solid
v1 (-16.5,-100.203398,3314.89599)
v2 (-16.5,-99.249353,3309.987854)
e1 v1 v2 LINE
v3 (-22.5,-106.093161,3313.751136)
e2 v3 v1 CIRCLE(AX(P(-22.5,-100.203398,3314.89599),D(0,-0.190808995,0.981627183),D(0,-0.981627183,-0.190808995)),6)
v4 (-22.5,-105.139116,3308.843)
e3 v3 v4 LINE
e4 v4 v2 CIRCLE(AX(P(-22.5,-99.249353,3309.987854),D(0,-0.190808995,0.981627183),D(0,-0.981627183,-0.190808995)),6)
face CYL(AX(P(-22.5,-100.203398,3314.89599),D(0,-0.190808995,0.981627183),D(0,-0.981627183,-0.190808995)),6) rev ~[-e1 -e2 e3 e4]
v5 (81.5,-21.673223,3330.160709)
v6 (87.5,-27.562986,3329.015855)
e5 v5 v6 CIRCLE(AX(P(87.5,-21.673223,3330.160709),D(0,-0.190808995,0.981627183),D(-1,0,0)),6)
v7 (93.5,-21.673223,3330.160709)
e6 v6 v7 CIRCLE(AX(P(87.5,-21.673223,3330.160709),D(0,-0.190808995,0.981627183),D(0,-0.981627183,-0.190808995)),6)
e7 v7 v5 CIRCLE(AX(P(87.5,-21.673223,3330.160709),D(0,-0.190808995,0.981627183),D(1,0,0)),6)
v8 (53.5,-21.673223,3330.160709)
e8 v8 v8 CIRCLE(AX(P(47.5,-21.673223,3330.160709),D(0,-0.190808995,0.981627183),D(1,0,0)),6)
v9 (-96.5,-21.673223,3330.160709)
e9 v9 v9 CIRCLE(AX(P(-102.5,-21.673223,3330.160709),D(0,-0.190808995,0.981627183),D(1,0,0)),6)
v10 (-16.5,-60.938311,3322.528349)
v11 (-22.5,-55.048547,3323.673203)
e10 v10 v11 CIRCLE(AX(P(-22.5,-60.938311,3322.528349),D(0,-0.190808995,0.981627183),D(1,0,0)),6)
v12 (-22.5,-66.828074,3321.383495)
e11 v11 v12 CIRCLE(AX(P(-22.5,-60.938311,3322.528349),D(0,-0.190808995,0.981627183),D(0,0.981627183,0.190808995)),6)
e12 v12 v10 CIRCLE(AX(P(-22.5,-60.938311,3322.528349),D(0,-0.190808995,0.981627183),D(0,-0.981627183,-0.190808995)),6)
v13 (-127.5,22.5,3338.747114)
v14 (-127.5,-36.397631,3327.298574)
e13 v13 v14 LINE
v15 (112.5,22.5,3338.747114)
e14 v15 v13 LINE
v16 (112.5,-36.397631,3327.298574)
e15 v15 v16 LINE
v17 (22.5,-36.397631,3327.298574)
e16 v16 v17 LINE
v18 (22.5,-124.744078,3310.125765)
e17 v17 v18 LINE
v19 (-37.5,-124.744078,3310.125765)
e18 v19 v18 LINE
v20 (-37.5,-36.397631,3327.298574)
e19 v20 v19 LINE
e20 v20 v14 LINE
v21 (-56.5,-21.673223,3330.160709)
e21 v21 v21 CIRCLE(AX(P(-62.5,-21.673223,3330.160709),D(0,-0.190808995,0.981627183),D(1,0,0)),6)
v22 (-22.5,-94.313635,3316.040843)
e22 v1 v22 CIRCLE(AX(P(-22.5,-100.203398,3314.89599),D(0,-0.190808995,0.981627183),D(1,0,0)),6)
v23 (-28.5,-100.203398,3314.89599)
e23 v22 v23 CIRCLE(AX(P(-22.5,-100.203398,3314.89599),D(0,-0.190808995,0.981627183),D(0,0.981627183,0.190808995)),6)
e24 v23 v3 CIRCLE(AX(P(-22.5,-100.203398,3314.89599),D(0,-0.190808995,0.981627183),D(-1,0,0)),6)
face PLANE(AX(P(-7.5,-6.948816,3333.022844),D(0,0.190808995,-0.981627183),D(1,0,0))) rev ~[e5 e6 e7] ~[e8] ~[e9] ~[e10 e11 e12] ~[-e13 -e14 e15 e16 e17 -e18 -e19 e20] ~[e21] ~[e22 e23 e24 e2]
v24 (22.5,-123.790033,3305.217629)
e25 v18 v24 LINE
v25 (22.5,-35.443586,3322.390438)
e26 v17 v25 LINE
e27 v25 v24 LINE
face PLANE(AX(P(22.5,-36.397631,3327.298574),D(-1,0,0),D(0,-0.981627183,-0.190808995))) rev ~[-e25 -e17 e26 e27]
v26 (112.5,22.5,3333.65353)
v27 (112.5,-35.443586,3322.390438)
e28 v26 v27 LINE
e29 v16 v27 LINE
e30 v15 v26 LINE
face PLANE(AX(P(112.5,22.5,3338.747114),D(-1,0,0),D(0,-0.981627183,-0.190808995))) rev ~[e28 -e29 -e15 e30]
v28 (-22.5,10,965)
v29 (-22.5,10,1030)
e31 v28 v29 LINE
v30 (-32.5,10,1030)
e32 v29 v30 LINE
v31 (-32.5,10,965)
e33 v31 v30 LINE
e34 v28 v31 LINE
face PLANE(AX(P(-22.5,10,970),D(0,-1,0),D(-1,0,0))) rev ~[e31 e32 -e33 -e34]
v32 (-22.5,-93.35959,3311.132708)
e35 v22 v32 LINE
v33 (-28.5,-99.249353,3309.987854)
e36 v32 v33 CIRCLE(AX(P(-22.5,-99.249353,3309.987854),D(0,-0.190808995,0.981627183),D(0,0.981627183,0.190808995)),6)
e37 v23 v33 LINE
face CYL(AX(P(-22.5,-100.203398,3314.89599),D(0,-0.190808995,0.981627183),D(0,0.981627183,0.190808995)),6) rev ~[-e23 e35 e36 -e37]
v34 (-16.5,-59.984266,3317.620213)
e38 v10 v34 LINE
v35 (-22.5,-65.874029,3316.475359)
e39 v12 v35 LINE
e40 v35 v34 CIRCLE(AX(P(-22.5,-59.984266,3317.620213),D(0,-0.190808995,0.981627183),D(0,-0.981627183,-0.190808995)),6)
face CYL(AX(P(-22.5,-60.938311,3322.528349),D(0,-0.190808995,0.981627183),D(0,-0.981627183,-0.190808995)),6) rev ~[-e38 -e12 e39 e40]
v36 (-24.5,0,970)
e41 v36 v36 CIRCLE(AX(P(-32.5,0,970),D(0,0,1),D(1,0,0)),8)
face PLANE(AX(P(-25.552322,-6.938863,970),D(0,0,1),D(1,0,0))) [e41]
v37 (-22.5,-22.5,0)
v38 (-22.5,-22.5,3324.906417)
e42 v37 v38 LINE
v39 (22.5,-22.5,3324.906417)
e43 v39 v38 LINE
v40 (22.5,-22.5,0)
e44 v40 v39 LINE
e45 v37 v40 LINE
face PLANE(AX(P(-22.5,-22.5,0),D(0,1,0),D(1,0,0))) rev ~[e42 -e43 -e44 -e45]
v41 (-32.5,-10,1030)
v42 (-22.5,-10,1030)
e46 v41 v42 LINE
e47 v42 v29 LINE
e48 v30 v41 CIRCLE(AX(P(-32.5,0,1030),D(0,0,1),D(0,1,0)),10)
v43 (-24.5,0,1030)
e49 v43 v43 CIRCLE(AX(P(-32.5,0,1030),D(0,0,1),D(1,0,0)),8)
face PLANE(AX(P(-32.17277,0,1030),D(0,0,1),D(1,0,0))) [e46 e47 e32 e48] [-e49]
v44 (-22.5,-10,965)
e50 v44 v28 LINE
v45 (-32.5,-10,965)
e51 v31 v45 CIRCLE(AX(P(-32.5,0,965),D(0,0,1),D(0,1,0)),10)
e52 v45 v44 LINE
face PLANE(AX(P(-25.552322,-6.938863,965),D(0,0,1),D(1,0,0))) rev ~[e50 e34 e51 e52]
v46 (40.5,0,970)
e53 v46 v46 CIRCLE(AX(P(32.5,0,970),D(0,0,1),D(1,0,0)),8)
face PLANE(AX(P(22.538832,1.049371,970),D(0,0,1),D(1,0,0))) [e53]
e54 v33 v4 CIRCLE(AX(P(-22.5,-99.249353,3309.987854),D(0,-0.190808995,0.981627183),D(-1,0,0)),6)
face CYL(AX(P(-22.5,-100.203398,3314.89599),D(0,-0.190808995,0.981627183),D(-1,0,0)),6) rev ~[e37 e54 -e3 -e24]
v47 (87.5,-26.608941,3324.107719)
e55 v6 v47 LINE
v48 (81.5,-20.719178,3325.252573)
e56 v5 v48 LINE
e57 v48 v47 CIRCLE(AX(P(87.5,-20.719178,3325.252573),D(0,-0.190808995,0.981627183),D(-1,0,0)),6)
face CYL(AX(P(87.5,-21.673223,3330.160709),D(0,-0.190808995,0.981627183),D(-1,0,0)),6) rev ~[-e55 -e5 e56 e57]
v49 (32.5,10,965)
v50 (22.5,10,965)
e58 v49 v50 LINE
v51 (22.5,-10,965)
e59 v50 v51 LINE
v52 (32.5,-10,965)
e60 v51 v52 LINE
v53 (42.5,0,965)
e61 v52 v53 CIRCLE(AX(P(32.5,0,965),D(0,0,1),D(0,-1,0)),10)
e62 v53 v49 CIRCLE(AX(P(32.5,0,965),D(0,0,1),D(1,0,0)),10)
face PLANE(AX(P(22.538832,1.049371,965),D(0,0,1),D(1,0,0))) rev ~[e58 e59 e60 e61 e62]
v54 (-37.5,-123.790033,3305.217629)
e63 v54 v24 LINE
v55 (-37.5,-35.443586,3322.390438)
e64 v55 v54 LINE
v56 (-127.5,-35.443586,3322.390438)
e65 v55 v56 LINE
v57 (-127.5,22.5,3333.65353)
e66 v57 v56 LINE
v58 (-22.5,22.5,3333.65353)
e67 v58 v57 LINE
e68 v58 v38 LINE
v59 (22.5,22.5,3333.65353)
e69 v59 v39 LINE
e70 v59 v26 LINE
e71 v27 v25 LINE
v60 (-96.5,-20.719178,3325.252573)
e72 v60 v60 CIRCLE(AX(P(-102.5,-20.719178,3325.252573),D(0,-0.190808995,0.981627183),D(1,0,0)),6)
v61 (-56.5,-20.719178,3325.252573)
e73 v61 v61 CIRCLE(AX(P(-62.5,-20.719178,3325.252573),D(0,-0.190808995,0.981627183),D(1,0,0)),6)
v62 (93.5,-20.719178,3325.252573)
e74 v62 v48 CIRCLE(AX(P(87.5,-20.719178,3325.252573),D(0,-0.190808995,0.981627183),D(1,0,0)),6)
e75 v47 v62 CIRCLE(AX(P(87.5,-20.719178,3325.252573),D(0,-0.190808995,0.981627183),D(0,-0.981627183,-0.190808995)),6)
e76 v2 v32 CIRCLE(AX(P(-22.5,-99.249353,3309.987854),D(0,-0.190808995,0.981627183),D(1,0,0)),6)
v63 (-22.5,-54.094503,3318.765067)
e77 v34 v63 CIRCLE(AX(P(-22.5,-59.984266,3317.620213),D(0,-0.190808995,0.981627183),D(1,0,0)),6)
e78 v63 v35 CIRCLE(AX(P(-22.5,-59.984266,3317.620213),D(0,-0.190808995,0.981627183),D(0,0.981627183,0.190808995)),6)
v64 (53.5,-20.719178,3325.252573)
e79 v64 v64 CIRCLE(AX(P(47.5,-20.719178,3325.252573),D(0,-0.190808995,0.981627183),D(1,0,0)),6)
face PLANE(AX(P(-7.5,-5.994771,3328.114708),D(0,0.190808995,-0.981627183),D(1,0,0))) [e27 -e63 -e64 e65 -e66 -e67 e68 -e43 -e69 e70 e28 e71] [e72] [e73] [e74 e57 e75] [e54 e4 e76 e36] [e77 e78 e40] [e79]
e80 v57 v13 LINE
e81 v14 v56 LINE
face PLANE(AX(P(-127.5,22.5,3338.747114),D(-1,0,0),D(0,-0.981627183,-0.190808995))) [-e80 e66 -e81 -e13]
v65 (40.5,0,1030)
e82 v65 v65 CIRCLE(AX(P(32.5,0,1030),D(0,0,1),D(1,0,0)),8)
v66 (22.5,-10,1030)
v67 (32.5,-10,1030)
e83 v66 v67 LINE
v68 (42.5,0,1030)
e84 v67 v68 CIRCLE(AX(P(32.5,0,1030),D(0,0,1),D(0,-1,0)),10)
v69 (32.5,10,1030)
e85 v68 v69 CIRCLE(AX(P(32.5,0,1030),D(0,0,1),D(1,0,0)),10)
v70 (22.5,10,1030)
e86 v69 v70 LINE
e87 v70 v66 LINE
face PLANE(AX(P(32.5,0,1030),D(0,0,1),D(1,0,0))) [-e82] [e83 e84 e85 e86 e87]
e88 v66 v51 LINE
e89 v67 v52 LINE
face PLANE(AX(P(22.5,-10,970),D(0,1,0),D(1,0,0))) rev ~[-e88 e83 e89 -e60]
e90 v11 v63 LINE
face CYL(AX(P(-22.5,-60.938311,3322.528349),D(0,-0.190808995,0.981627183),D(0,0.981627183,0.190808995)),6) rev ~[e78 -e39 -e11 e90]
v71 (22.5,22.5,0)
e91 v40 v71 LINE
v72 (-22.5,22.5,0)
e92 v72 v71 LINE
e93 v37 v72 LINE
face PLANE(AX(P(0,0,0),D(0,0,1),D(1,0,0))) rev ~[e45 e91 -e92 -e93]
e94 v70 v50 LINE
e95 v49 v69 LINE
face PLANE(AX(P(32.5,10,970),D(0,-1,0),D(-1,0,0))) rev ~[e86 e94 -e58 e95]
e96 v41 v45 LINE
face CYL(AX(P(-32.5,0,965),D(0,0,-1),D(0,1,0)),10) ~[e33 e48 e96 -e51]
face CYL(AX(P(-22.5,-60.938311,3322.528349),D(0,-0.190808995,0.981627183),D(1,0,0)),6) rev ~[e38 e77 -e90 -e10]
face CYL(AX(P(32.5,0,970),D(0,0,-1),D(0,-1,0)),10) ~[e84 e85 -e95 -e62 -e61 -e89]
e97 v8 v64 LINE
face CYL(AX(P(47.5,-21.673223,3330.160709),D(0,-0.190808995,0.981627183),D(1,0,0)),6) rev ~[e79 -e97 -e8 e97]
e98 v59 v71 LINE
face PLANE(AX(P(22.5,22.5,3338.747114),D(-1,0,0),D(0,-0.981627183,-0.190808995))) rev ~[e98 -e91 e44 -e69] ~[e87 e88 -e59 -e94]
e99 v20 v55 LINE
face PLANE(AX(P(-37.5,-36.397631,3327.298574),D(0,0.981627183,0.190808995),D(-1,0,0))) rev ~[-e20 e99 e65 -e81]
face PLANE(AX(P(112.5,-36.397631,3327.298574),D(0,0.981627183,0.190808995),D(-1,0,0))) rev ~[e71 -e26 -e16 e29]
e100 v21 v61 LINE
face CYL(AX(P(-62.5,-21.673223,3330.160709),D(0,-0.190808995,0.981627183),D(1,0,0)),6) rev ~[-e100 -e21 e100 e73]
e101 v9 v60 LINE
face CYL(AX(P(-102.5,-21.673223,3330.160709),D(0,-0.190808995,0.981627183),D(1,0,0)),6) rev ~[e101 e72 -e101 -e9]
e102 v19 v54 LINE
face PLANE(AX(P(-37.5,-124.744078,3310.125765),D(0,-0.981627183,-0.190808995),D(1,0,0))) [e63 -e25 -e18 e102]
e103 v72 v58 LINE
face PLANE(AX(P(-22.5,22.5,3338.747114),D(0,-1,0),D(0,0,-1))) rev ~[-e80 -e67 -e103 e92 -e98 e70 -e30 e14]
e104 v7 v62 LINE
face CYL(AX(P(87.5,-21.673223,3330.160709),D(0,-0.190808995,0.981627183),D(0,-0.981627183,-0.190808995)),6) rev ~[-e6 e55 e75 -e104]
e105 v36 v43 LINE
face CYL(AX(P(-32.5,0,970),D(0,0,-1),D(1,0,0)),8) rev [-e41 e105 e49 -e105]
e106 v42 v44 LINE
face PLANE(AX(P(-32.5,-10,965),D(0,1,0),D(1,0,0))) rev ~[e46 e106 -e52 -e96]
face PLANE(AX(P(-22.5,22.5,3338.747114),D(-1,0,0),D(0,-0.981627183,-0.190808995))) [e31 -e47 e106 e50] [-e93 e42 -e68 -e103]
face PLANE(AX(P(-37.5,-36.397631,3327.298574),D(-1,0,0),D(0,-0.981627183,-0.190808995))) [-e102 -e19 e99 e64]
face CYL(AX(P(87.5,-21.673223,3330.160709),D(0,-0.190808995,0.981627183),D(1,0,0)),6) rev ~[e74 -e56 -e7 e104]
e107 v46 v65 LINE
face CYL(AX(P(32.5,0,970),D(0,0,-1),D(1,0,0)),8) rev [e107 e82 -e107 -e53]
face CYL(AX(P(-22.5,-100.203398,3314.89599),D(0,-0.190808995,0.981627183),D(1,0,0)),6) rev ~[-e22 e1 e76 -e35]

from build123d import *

# Parameters (mm, degrees)
F0_W      = 45
F0_H      = 45
F1_DEPTH  = 3330
F4_DEPTH  = 5
F5_R      = 8
F6_DEPTH  = 60
F9_W      = 45
F9_H      = 45.842251273
F10_DEPTH = 25
F11_W     = 60
F11_H     = 60
F11_W_2   = 90
F11_H_2   = 90
F12_DEPTH = 5
F13_R     = 6
F14_DEPTH = 25
F15_W     = 150
F15_H     = 4.7702248844
F16_DEPTH = 3358.6871623993
F18_DEPTH = 106.2


with BuildPart() as f1:
    # F0 (on Top) → F1 (new body)
    with BuildSketch(Plane.XY):
        Rectangle(F0_W, F0_H)
    extrude(amount=F1_DEPTH)

    # F3 (on offset) → F4 (join)
    with BuildSketch(Plane.XY.offset(965)):
        with BuildLine():
            Line((22.5, 2), (22.5, 0))
            ThreePointArc((22.5, 0), (22.5506384699, 1.0050896201), (22.7020410289, 2))
            Line((22.7020410289, 2), (22.5, 2))
        make_face()
        with BuildLine():
            ThreePointArc((22.7020410289, 2), (22.5506384699, 1.0050896201), (22.5, 0))
            Line((22.5, 0), (32.5, 0))
            Line((32.5, 0), (32.5, 2))
            Line((32.5, 2), (22.7020410289, 2))
        make_face()
        with BuildLine():
            Line((32.5, 0), (22.5, 0))
            ThreePointArc((22.5, 0), (22.5506384699, -1.0050896201), (22.7020410289, -2))
            Line((22.7020410289, -2), (32.5, -2))
            Line((32.5, -2), (32.5, 0))
        make_face()
        with BuildLine():
            ThreePointArc((22.7020410289, -2), (22.5506384699, -1.0050896201), (22.5, 0))
            Line((22.5, 0), (22.5, -2))
            Line((22.5, -2), (22.7020410289, -2))
        make_face()
        with BuildLine():
            Line((-22.4843378865, -10), (-22.4843378865, 0))
            Line((-22.4843378865, 0), (-22.5, 0))
            ThreePointArc((-22.5, 0), (-25.4289321881, -7.0710678119), (-32.5, -10))
            Line((-32.5, -10), (-22.4843378865, -10))
        make_face()
        with BuildLine():
            Line((-22.5, 0), (-22.4843378865, 0))
            Line((-22.4843378865, 0), (-22.4843378865, 10))
            Line((-22.4843378865, 10), (-32.5, 10))
            ThreePointArc((-32.5, 10), (-25.4289321881, 7.0710678119), (-22.5, 0))
        make_face()
        with BuildLine():
            Line((32.5, 2), (32.5, 0))
            Line((32.5, 0), (32.5, -2))
            Line((32.5, -2), (32.5, -10))
            ThreePointArc((32.5, -10), (39.5710678119, -7.0710678119), (42.5, 0))
            ThreePointArc((42.5, 0), (39.5710678119, 7.0710678119), (32.5, 10))
            Line((32.5, 10), (32.5, 2))
        make_face()
        with BuildLine():
            Line((22.5, 2), (22.7020410289, 2))
            ThreePointArc((22.7020410289, 2), (26.1754446797, 7.7459666924), (32.5, 10))
            Line((32.5, 10), (22.5, 10))
            Line((22.5, 10), (22.5, 2))
        make_face()
        with BuildLine():
            ThreePointArc((32.5, 10), (26.1754446797, 7.7459666924), (22.7020410289, 2))
            Line((22.7020410289, 2), (32.5, 2))
            Line((32.5, 2), (32.5, 10))
        make_face()
        with BuildLine():
            Line((32.5, -2), (22.7020410289, -2))
            ThreePointArc((22.7020410289, -2), (26.1754446797, -7.7459666924), (32.5, -10))
            Line((32.5, -10), (32.5, -2))
        make_face()
        with BuildLine():
            ThreePointArc((32.5, -10), (26.1754446797, -7.7459666924), (22.7020410289, -2))
            Line((22.7020410289, -2), (22.5, -2))
            Line((22.5, -2), (22.5, -10))
            Line((22.5, -10), (32.5, -10))
        make_face()
        with BuildLine():
            ThreePointArc((-32.5, -10), (-25.4289321881, -7.0710678119), (-22.5, 0))
            ThreePointArc((-22.5, 0), (-25.4289321881, 7.0710678119), (-32.5, 10))
            ThreePointArc((-32.5, 10), (-42.5, 0), (-32.5, -10))
        make_face()
    extrude(amount=F4_DEPTH)

    # F5 (on face) → F6 (join)
    with BuildSketch(Plane.XY.offset(970)):
        with BuildLine():
            ThreePointArc((32.5, -10), (39.5710678119, -7.0710678119), (42.5, 0))
            ThreePointArc((42.5, 0), (39.5710678119, 7.0710678119), (32.5, 10))
            ThreePointArc((32.5, 10), (25.4289321881, 7.0710678119), (22.5, 0))
            ThreePointArc((22.5, 0), (25.4289321881, -7.0710678119), (32.5, -10))
        make_face()
        with Locations((32.5, 0)):
            Circle(F5_R, mode=Mode.SUBTRACT)
        with BuildLine():
            ThreePointArc((-32.5, -10), (-25.4289321881, -7.0710678119), (-22.5, 0))
            ThreePointArc((-22.5, 0), (-25.4289321881, 7.0710678119), (-32.5, 10))
            ThreePointArc((-32.5, 10), (-42.5, 0), (-32.5, -10))
        make_face()
        with Locations((-32.5, 0)):
            Circle(F5_R, mode=Mode.SUBTRACT)
        with BuildLine():
            Line((-22.5, -10), (-22.5, 0))
            ThreePointArc((-22.5, 0), (-25.4289321881, -7.0710678119), (-32.5, -10))
            Line((-32.5, -10), (-22.5, -10))
        make_face()
        with BuildLine():
            ThreePointArc((-32.5, 10), (-25.4289321881, 7.0710678119), (-22.5, 0))
            Line((-22.5, 0), (-22.5, 10))
            Line((-22.5, 10), (-32.5, 10))
        make_face()
        with BuildLine():
            ThreePointArc((22.5, 0), (25.4289321881, 7.0710678119), (32.5, 10))
            Line((32.5, 10), (22.5, 10))
            Line((22.5, 10), (22.5, 0))
        make_face()
        with BuildLine():
            Line((22.5, -10), (32.5, -10))
            ThreePointArc((32.5, -10), (25.4289321881, -7.0710678119), (22.5, 0))
            Line((22.5, 0), (22.5, -10))
        make_face()
    extrude(amount=F6_DEPTH)

    # F9 (on face) → F10 (join)
    with BuildSketch(Plane(origin=(0, -624.5391596736, 3212.9754420296), x_dir=(1, 0, 0), z_dir=(0, 0.1908089954, -0.9816271834))):
        with Locations((0, -636.2284686128)):
            Rectangle(F9_W, F9_H)
    extrude(amount=F10_DEPTH)

    # F11 (on face) → F12 (join)
    with BuildSketch(Plane(origin=(0, -624.5391596736, 3212.9754420296), x_dir=(1, 0, 0), z_dir=(0, 0.1908089954, -0.9816271834))):
        with Locations((-7.5, -629.1495942493)):
            Rectangle(F11_W, F11_H)
        with Locations((-82.5, -629.1495942493)):
            Rectangle(F11_W_2, F11_H)
        with Locations((67.5, -629.1495942493)):
            Rectangle(F11_W_2, F11_H)
        with Locations((-7.5, -554.1495942493)):
            Rectangle(F11_W, F11_H_2)
    extrude(amount=F12_DEPTH)

    # F13 (on face) → F14 (cut)
    with BuildSketch(Plane(origin=(0, -624.5391596736, 3212.9754420296), x_dir=(1, 0, 0), z_dir=(0, -0.1908089954, 0.9816271834))):
        with BuildLine():
            Line((-28.5, 534.1495942493), (-22.5, 534.1495942493))
            Line((-22.5, 534.1495942493), (-22.5, 540.1495942493))
            ThreePointArc((-22.5, 540.1495942493), (-26.7426406871, 538.3922349364), (-28.5, 534.1495942493))
        make_face()
        with BuildLine():
            Line((-22.5, 540.1495942493), (-22.5, 534.1495942493))
            Line((-22.5, 534.1495942493), (-22.5, 528.1495942493))
            ThreePointArc((-22.5, 528.1495942493), (-18.2573593129, 529.9069535622), (-16.5, 534.1495942493))
            ThreePointArc((-16.5, 534.1495942493), (-18.2573593129, 538.3922349364), (-22.5, 540.1495942493))
        make_face()
        with BuildLine():
            Line((-22.5, 528.1495942493), (-22.5, 534.1495942493))
            Line((-22.5, 534.1495942493), (-28.5, 534.1495942493))
            ThreePointArc((-28.5, 534.1495942493), (-26.7426406871, 529.9069535622), (-22.5, 528.1495942493))
        make_face()
        with BuildLine():
            ThreePointArc((-22.5, 580.1495942493), (-28.5, 574.1495942493), (-22.5, 568.1495942493))
            Line((-22.5, 568.1495942493), (-22.5, 574.1495942493))
            Line((-22.5, 574.1495942493), (-22.5, 580.1495942493))
        make_face()
        with BuildLine():
            Line((-22.5, 574.1495942493), (-22.5, 568.1495942493))
            ThreePointArc((-22.5, 568.1495942493), (-18.2573593129, 569.9069535622), (-16.5, 574.1495942493))
            ThreePointArc((-16.5, 574.1495942493), (-18.2573593129, 578.3922349364), (-22.5, 580.1495942493))
            Line((-22.5, 580.1495942493), (-22.5, 574.1495942493))
        make_face()
        with BuildLine():
            ThreePointArc((81.5, 614.1495942493), (83.2573593129, 609.9069535622), (87.5, 608.1495942493))
            Line((87.5, 608.1495942493), (87.5, 614.1495942493))
            Line((87.5, 614.1495942493), (81.5, 614.1495942493))
        make_face()
        with Locations((47.5, 614.1495942493)):
            Circle(F13_R)
        with BuildLine():
            Line((87.5, 614.1495942493), (87.5, 608.1495942493))
            ThreePointArc((87.5, 608.1495942493), (91.7426406871, 609.9069535622), (93.5, 614.1495942493))
            ThreePointArc((93.5, 614.1495942493), (87.5, 620.1495942493), (81.5, 614.1495942493))
            Line((81.5, 614.1495942493), (87.5, 614.1495942493))
        make_face()
        with Locations((-62.5, 614.1495942493)):
            Circle(F13_R)
        with Locations((-102.5, 614.1495942493)):
            Circle(F13_R)
    extrude(amount=-F14_DEPTH, mode=Mode.SUBTRACT)

    # F15 (on Top) → F16 (cut)
    with BuildSketch(Plane.XY):
        with Locations((52.5, 24.8851124422)):
            Rectangle(F15_W, F15_H)
    extrude(amount=F16_DEPTH, mode=Mode.SUBTRACT)

    # F17 (on face) → F18 (cut)
    with BuildSketch(Plane.YZ.offset(-22.5)):
        Polygon((22.5, 3338.7471139112), (22.5, 3333.6535304364), (23.4540449769, 3333.838977994), align=None)
    extrude(amount=-F18_DEPTH, mode=Mode.SUBTRACT)


solid = f1.part
